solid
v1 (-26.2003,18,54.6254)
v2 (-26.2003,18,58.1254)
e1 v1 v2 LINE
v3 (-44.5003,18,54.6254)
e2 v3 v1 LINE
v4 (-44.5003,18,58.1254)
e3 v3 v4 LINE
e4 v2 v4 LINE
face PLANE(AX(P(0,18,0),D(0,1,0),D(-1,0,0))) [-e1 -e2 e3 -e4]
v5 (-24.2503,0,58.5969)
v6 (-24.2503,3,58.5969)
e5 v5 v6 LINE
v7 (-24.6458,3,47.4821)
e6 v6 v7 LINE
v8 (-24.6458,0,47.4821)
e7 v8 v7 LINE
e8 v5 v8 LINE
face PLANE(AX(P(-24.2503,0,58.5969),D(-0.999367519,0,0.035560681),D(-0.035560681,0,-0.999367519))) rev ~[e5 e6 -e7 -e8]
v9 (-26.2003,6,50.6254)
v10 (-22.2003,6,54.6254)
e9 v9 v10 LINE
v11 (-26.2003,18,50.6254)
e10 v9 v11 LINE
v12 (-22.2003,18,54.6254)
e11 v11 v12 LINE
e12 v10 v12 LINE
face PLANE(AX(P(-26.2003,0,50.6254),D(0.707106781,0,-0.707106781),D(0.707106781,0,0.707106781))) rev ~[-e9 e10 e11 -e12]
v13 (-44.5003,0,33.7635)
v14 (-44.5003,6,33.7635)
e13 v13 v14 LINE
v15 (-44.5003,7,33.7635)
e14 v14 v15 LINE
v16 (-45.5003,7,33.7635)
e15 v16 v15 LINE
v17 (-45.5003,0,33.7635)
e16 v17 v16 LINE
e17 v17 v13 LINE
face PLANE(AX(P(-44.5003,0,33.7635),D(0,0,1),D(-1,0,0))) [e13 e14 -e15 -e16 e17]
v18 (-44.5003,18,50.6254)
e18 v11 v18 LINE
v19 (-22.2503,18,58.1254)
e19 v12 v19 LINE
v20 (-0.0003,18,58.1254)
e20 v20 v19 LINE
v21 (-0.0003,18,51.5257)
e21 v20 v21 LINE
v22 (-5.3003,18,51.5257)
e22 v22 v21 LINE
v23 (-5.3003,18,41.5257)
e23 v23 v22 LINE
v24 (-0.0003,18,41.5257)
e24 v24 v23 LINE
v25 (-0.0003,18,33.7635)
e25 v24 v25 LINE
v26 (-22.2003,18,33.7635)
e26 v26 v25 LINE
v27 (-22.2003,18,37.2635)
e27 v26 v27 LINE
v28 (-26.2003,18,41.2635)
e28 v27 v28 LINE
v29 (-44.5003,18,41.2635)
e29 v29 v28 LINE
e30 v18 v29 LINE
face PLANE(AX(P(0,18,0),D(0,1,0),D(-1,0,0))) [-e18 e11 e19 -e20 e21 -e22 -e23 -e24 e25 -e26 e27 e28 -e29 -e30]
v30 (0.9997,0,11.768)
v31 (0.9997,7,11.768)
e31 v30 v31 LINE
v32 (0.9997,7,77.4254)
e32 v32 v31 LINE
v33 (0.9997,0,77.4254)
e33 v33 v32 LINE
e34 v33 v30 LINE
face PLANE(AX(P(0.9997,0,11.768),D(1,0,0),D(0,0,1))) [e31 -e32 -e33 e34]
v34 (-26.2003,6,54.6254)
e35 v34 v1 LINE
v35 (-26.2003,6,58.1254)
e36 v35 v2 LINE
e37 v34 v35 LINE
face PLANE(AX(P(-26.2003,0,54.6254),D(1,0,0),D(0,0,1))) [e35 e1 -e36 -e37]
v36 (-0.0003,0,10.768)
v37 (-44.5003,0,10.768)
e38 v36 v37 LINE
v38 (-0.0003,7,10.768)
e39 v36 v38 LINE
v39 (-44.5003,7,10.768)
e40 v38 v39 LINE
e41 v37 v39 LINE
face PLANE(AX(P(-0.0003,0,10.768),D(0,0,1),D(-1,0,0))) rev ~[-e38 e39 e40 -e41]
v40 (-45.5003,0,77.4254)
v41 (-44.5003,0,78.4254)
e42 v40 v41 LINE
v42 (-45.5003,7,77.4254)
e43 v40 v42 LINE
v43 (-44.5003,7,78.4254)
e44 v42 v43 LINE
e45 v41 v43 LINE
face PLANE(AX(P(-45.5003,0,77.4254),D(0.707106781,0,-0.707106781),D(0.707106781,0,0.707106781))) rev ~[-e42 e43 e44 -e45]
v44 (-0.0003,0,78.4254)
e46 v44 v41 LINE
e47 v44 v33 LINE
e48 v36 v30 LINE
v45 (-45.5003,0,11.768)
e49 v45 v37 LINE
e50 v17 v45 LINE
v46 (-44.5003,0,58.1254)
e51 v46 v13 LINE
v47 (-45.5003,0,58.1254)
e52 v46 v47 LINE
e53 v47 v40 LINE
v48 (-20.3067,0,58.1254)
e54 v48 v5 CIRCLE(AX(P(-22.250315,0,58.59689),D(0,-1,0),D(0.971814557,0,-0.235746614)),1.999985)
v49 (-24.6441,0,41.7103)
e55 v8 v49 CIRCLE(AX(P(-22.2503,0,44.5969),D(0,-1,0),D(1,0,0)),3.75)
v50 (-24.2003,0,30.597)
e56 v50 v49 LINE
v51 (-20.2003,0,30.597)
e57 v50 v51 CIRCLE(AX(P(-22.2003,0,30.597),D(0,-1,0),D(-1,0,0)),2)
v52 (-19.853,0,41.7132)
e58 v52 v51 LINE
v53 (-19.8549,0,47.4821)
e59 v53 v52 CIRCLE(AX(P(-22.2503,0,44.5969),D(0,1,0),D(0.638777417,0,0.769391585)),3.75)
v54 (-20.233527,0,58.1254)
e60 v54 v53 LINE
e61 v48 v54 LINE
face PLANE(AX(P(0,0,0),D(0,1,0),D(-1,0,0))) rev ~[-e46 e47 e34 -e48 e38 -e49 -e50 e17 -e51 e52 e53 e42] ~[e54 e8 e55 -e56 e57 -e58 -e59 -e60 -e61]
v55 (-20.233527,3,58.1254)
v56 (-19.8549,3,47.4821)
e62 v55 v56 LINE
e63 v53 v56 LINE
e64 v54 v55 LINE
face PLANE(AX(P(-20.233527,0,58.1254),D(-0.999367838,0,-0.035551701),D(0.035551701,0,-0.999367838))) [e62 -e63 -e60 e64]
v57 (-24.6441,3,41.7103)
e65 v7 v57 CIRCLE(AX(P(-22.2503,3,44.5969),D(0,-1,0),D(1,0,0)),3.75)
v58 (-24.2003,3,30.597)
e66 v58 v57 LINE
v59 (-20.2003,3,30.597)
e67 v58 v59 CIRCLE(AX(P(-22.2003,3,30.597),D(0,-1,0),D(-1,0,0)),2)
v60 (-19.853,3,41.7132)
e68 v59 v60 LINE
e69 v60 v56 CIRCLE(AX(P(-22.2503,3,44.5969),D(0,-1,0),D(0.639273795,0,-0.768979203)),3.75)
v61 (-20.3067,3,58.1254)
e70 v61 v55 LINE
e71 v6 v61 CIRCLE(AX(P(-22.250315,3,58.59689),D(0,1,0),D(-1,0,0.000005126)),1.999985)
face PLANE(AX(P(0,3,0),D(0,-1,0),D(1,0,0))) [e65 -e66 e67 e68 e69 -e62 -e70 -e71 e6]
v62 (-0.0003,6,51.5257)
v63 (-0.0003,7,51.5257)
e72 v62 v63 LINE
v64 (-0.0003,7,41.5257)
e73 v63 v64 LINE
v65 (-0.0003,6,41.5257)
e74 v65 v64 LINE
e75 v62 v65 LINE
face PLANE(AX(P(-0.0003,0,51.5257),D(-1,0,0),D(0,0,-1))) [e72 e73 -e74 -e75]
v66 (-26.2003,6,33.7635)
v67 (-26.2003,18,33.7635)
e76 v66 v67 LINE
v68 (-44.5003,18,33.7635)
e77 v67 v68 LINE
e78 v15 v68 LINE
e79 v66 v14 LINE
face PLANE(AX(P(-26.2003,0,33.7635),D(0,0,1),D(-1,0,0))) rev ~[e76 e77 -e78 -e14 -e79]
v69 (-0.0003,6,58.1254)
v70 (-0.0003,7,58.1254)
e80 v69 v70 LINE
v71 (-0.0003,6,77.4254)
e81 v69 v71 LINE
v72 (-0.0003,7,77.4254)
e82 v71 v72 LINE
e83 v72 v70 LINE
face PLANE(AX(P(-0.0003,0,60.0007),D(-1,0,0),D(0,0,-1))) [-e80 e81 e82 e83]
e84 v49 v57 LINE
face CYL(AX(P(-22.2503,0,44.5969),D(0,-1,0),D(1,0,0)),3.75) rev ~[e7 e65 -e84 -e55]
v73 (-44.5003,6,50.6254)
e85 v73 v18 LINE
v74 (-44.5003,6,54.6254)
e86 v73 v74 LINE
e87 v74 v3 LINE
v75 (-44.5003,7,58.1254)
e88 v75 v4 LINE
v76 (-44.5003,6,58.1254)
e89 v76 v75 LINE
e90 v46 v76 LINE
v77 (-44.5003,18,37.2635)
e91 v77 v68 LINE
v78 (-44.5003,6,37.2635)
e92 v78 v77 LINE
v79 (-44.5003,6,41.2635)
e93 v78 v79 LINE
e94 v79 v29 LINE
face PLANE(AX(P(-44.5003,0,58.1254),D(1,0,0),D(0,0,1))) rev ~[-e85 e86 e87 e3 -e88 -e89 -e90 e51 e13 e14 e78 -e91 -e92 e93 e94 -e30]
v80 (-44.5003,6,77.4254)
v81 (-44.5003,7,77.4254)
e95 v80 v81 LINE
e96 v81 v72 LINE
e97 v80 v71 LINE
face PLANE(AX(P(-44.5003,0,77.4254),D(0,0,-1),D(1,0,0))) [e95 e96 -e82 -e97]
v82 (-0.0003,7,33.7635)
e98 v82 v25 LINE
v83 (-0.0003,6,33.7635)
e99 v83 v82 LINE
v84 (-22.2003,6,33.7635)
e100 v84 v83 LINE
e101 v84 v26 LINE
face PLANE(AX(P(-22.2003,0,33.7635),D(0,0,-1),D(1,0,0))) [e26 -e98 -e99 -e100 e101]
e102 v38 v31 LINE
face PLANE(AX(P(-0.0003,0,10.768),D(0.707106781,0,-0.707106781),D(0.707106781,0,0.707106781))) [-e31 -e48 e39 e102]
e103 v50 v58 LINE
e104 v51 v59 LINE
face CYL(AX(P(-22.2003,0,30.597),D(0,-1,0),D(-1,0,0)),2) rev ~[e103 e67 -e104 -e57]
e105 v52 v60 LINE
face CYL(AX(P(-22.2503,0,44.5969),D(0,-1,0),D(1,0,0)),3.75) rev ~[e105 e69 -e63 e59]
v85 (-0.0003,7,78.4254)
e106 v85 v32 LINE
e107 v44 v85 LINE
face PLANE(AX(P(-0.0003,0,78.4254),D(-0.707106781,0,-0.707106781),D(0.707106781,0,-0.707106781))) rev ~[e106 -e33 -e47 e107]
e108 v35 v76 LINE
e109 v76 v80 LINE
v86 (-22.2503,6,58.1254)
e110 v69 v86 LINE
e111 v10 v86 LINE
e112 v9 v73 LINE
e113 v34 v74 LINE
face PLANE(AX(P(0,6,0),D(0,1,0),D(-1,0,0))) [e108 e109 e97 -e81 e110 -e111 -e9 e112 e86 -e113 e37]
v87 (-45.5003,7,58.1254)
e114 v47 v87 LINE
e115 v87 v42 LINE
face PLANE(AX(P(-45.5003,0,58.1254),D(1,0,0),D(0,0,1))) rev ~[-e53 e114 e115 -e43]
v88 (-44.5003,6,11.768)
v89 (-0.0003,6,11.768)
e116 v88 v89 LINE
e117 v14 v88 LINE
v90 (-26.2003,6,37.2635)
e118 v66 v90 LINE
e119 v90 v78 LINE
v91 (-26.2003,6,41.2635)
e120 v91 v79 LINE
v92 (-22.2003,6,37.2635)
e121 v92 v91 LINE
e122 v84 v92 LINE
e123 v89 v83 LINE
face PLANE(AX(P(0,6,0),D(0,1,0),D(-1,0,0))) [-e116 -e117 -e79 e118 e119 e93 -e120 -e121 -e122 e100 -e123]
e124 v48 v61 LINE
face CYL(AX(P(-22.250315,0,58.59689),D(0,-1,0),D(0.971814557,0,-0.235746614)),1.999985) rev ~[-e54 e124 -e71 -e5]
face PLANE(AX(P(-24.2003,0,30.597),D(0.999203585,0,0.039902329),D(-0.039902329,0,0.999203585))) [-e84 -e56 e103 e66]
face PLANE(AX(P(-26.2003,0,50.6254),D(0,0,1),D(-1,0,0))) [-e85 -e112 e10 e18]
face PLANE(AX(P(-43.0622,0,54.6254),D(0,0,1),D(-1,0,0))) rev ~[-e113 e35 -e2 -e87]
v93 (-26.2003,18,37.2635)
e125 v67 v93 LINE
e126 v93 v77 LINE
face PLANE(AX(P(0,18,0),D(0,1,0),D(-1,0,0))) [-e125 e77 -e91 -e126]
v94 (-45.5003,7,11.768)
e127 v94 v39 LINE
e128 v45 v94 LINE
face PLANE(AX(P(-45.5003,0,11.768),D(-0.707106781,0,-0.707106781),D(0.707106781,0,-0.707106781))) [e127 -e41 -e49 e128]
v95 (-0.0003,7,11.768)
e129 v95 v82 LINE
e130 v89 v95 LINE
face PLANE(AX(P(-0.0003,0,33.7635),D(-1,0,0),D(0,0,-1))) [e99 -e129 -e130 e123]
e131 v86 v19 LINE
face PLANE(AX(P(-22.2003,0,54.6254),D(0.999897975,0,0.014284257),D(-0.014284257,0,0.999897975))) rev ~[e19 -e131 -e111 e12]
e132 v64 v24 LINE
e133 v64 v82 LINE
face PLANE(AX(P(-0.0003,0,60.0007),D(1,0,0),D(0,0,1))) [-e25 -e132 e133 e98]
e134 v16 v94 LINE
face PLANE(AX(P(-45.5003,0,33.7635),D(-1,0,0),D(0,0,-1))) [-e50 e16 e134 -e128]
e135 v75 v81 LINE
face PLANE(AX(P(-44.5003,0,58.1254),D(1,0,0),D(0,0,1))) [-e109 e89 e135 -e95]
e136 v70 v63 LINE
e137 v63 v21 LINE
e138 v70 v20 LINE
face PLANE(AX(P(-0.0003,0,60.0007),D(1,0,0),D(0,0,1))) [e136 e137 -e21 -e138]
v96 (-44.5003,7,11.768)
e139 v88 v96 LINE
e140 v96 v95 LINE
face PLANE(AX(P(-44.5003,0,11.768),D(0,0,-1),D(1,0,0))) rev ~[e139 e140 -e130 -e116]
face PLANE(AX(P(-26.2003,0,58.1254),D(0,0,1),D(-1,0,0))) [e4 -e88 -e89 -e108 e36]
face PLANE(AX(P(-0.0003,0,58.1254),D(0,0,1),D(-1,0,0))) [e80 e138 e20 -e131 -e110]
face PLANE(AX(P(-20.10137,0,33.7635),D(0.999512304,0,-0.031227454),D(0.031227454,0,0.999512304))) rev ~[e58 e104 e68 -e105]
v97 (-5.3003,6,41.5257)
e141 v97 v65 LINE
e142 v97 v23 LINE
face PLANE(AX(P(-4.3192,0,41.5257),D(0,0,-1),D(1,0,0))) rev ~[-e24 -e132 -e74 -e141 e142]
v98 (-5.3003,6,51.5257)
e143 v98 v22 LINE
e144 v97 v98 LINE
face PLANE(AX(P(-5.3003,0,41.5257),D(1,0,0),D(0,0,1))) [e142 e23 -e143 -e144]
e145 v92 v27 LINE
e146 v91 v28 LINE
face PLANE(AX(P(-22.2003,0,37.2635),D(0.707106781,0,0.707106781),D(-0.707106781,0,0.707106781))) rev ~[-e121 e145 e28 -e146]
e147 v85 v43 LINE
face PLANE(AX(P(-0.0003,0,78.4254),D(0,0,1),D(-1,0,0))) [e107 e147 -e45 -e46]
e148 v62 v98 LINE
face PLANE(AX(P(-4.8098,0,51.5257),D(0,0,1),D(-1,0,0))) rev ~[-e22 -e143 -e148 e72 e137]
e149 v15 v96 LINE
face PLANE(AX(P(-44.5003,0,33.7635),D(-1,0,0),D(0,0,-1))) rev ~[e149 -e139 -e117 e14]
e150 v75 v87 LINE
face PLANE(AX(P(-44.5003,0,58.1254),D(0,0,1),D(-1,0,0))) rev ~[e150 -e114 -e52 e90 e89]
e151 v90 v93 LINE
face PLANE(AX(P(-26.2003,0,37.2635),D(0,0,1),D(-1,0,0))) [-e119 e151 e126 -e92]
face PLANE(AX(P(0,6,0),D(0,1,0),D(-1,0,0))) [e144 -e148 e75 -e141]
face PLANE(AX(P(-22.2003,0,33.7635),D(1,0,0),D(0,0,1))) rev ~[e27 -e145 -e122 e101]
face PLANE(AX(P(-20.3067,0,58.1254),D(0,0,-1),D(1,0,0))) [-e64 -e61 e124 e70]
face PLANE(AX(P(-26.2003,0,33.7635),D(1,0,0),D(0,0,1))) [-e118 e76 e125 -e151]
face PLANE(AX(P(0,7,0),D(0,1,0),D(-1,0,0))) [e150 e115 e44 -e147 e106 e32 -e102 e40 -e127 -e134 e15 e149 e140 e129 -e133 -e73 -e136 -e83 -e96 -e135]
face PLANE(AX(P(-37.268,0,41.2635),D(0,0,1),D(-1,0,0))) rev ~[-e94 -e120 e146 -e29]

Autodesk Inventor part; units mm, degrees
ref_plane "YZ Plane" through (0, 0, 0) normal (1, 0, 0) x (0, 1, 0)
ref_plane "XZ Plane" through (0, 0, 0) normal (0, 1, 0) x (-1, 0, 0)
ref_plane "XY Plane" through (0, 0, 0) normal (0, 0, 1) x (1, 0, 0)
sketch "Esboço1" plane through (0, 0, 0) normal (0, 1, 0) x (-1, 0, 0)
  line L0 (0.0003, 60.0007) -> (0.0003, 29.9998)
  line L1 (0.0003, 29.9998) -> (0.0003, 29.9999)
  line L2 (-0.9997, 29.9999) -> (-0.9997, 60.0007)
  line L3 (0.0003, 29.9999) -> (0.0003, 14.4635)
  line L4 (-0.9997, 14.4635) -> (-0.9997, 29.9999)
  line L5 (44.5003, 33.7635) -> (45.5003, 33.7635)
  line L6 (44.5003, 58.1254) -> (45.5003, 58.1254)
  line L7 (26.2003, 33.7635) -> (26.2003, 37.2635)
  line L8 (26.2003, 37.2635) -> (44.5003, 37.2635)
  line L9 (22.2003, 33.7635) -> (0.0003, 33.7635)
  line L10 (22.2003, 33.7635) -> (22.2003, 37.2635)
  line L11 (26.2003, 33.7635) -> (45.0003, 33.7635)
  line L12 (37.268, 41.2635) -> (44.5003, 41.2635)
  line L13 (22.2003, 37.2635) -> (26.2003, 41.2635)
  line L14 (37.268, 41.2635) -> (26.2003, 41.2635)
  line L15 (43.0622, 54.6254) -> (44.5003, 54.6254)
  line L16 (43.0622, 54.6254) -> (26.2003, 54.6254)
  line L17 (26.2003, 54.6254) -> (26.2003, 58.1254)
  line L18 (22.2003, 54.6254) -> (22.2503, 58.1254)
  line L19 (26.2003, 50.6254) -> (22.2003, 54.6254)
  line L20 (26.2003, 50.6254) -> (44.5003, 50.6254)
  line L21 (0.0003, 58.1254) -> (22.2503, 58.1254)
  line L22 (26.2003, 58.1254) -> (44.5003, 58.1254)
  line L23 (44.5003, 54.6254) -> (44.5003, 58.1254)
  line L24 (44.5003, 48.0257) -> (44.5003, 50.6254)
  line L25 (44.5003, 33.7635) -> (44.5003, 37.2635)
  line L26 (44.5003, 41.2635) -> (44.5003, 45.0257)
  line L27 (44.5003, 37.2635) -> (44.5003, 41.2635)
  line L28 (44.5003, 45.0257) -> (44.5003, 48.0257)
  line L29 (44.5003, 50.6254) -> (44.5003, 54.6254)
  line L30 (44.5003, 33.968) -> (44.5003, 11.768)
  line L31 (44.5003, 11.768) -> (0.0003, 11.768)
  line L32 (0.0003, 11.768) -> (0.0003, 14.4635)
  line L33 (45.5003, 33.7635) -> (45.5003, 11.768)
  line L34 (44.5003, 58.1254) -> (44.5003, 77.4254)
  line L35 (44.5003, 77.4254) -> (0.0003, 77.4254)
  line L36 (0.0003, 60.0007) -> (0.0003, 77.4254)
  line L37 (45.5003, 58.1254) -> (45.5003, 77.4254)
  line L38 (45.5003, 77.4254) -> (44.5003, 78.4254)
  line L39 (0.0003, 78.4254) -> (-0.9997, 77.4254)
  line L40 (0.0003, 78.4254) -> (44.5003, 78.4254)
  line L41 (-0.9997, 60.0007) -> (-0.9997, 77.4254)
  line L42 (0.0003, 10.768) -> (-0.9997, 11.768)
  line L43 (45.5003, 11.768) -> (44.5003, 10.768)
  line L44 (-0.9997, 11.768) -> (-0.9997, 14.4635)
  line L45 (0.0003, 10.768) -> (44.5003, 10.768)
  line L46 (4.3192, 41.5257) -> (5.3003, 41.5257)
  line L47 (4.8098, 51.5257) -> (5.3003, 51.5257)
  line L48 (5.3003, 41.5257) -> (5.3003, 51.5257)
  line L49 (4.3192, 41.5257) -> (0.0003, 41.5257)
  line L50 (4.8098, 51.5257) -> (0.0003, 51.5257)
  point P0 (0, 0)
  dimension "d40" = 1
  dimension "d86" = 44.5
  dimension "d90" = 1
  dimension "d91" = 1
  dimension "d94" = 4
  dimension "d116" = 22.2
  dimension "d118" = 19.3
extrude "Extrusão30" add sketch "Esboço1" along normal blind 6 contours L36 L35 L34 L22 L17 L16 L15 L29 L20 L19 L18 L21 L0 | L50 L47 L48 L46 L49 L0 | L9 L10 L13 L14 L12 L27 L8 L7 L11 L30 L31 L32 L3 L0
extrude "Extrusão32" add sketch "Esboço1" along normal blind 18 contours L21 L18 L19 L20 L24 L28 L26 L12 L14 L13 L10 L9 L0 L49 L46 L48 L47 L50 | L23 L15 L16 L17 L22 | L11 L7 L8 L25
extrude "Extrusão33" add sketch "Esboço1" along normal blind 7 contours L0 L3 L32 L31 L30 L5 L33 L43 L45 L42 L44 L4 L2 L41 L39 L40 L38 L37 L6 L34 L35 L36
sketch "Esboço4" plane through (0, 0, 0) normal (0, -1, 0) x (1, 0, 0)
  line L0 (-44.5003, 11.768) -> (-0.0003, 11.768) projected
  line L1 (-0.0003, 77.4254) -> (-44.5003, 77.4254) projected
  line L2 (-44.5003, 33.7635) -> (-44.5003, 58.1254) projected
  line L3 (-0.0003, 41.5257) -> (-0.0003, 51.5257) projected
  circle A0 centre (-22.2503, 44.5969) radius 3.75
  line L4 (-26.2003, 58.1254) -> (-26.2003, 54.6254) projected
  line L5 (-22.2503, 58.1254) -> (-0.0003, 58.1254) projected
  arc A1 (-20.3067, 58.1254) -> (-24.2503, 58.5969) centre (-22.2503, 58.5969) ccw
  arc A2 (-24.2003, 30.597) -> (-20.2003, 30.597) centre (-22.2003, 30.597) ccw
  line L6 (-22.2003, 33.7635) -> (-0.0003, 33.7635) projected
  line L7 (-24.2003, 30.597) -> (-24.6441, 41.7103)
  line L8 (-20.2003, 30.597) -> (-19.853, 41.7132)
  line L9 (-24.2503, 58.5969) -> (-24.6458, 47.4821)
  line L10 (-20.2503, 58.5969) -> (-19.8549, 47.4821)
  point P0 (0, 0)
  point P1 (-20.2336, 58.1254)
  dimension "d141" = 7.5
  dimension "d155" = 4
  dimension "d156" = 4
extrude "Extrusão35" cut sketch "Esboço4" against normal blind 3 contours A0 | A0 L9 A1 L5 L10 | L8 A2 L7 A0
properties part number "Suporte"
